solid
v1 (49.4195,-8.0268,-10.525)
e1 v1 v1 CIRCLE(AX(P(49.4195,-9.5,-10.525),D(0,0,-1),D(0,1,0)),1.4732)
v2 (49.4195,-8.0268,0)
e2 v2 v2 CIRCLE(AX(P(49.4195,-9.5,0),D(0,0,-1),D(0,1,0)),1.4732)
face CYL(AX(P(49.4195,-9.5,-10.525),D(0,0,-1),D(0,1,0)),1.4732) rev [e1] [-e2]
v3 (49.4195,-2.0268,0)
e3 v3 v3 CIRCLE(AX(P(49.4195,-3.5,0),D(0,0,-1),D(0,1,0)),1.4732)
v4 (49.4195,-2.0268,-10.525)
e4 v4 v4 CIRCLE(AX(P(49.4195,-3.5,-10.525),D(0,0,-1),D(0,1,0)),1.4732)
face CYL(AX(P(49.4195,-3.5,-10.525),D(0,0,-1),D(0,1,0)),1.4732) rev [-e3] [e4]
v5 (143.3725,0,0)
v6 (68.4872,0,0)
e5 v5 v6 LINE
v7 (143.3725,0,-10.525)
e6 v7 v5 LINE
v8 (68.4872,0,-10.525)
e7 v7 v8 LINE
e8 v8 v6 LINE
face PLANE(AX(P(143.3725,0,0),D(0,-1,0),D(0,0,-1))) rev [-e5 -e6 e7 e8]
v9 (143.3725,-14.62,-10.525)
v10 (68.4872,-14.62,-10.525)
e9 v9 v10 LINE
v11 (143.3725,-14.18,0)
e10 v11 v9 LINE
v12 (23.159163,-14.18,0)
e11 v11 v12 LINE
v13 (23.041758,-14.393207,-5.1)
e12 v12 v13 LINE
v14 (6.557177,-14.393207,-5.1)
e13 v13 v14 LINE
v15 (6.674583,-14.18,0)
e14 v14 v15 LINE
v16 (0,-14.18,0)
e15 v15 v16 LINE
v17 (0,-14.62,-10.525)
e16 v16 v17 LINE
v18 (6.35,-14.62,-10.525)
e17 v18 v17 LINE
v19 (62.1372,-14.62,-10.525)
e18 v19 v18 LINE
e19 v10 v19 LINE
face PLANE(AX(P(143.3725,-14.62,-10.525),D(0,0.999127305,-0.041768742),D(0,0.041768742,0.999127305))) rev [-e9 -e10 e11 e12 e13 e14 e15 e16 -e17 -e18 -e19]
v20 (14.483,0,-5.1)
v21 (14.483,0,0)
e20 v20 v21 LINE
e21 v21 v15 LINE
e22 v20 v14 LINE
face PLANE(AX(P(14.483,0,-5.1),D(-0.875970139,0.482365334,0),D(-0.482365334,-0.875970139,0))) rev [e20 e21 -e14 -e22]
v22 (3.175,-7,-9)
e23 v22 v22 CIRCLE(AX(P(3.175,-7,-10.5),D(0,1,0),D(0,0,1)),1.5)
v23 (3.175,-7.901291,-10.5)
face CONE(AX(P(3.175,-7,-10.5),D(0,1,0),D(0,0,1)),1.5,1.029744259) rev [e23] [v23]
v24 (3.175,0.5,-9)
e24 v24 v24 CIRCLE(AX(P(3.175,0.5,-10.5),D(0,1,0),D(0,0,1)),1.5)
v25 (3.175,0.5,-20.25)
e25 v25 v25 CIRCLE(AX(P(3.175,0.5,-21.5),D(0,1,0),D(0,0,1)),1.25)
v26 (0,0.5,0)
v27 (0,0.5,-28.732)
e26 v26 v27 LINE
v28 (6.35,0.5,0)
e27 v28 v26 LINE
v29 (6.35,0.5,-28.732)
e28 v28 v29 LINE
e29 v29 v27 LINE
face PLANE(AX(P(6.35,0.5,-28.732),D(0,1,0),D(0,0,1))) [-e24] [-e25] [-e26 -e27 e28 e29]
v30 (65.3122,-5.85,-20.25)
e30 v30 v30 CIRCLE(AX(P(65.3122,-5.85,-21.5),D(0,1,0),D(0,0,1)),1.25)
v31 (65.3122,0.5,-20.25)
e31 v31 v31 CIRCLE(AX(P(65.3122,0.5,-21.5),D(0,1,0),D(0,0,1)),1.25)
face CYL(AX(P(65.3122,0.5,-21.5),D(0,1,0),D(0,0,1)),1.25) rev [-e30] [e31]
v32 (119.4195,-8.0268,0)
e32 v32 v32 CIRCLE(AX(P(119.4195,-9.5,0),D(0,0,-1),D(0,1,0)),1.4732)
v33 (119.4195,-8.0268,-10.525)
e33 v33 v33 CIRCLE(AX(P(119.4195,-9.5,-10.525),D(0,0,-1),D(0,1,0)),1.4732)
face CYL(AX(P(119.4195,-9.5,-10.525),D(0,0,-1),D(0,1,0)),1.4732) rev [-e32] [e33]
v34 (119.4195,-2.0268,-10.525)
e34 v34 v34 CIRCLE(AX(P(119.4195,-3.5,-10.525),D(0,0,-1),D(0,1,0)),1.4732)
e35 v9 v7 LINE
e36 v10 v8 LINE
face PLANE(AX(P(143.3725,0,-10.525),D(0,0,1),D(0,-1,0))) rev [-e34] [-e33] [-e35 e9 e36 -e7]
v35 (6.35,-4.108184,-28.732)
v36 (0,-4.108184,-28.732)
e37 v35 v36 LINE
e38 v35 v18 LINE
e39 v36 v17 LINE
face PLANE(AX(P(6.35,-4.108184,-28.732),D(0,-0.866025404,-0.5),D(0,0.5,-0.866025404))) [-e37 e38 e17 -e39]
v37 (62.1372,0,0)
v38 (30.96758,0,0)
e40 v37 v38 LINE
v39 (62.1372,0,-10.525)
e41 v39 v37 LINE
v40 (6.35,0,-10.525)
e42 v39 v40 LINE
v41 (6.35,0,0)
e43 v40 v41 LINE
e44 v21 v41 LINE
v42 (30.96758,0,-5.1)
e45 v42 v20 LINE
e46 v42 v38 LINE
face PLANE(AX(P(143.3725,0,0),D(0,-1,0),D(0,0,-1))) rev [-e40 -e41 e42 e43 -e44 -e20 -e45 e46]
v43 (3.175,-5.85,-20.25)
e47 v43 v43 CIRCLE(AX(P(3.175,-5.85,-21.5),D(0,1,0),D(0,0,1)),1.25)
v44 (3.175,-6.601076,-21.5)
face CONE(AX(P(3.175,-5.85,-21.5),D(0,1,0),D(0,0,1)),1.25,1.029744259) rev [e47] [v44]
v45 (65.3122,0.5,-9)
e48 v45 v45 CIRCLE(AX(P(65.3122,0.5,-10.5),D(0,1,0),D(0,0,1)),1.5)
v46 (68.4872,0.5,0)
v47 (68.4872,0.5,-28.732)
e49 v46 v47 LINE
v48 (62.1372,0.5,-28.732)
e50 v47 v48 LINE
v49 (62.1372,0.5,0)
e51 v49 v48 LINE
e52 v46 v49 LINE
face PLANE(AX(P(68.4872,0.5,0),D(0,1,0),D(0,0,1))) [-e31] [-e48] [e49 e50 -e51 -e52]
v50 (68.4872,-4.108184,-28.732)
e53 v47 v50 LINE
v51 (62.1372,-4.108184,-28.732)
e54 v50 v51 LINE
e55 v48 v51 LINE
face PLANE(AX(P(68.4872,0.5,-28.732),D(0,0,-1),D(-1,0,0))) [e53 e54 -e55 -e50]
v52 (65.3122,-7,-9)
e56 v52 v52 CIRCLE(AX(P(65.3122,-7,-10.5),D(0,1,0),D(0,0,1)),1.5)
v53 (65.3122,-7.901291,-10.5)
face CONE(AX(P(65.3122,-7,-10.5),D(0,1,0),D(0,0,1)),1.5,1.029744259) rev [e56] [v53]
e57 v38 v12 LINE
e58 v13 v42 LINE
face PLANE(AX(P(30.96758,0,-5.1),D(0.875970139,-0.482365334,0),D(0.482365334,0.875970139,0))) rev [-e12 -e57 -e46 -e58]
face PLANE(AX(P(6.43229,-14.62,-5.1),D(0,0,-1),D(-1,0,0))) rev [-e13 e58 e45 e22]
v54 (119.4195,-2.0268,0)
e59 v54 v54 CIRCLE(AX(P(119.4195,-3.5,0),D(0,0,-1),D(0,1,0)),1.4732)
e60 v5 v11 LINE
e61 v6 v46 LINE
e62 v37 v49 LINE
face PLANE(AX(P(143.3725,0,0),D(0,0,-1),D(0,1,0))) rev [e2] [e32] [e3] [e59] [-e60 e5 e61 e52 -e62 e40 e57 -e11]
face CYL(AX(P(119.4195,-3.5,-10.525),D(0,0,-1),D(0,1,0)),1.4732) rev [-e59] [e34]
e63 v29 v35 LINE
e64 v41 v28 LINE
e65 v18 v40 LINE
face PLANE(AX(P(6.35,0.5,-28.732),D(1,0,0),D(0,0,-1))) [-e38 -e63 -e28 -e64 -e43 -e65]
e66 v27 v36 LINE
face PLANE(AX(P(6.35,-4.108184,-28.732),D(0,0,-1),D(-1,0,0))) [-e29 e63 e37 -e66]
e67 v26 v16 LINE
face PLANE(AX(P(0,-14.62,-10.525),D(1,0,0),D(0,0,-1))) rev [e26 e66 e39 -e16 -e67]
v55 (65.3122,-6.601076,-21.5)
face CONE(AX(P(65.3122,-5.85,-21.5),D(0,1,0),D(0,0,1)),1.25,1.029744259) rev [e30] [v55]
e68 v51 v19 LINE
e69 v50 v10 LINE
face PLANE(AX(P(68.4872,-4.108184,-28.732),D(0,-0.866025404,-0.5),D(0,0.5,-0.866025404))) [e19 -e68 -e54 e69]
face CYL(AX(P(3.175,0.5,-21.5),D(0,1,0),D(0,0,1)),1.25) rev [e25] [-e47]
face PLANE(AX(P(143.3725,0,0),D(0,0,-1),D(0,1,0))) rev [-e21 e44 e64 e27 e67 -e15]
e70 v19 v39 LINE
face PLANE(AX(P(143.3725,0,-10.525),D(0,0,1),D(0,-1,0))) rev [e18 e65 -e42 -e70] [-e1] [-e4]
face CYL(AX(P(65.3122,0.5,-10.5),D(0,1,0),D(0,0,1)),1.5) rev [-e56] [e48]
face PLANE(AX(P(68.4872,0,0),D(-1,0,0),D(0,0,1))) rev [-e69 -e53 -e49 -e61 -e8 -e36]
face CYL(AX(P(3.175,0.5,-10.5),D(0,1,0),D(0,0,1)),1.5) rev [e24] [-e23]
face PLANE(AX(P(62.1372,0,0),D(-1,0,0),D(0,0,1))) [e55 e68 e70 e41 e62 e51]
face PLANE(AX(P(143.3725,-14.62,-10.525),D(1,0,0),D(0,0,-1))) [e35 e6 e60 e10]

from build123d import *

# Parameters (mm, degrees)
EXTRUDE2_DEPTH                 = 143.3725
BOSS_EXTRUDE4_DEPTH            = 6.35
BOSS_EXTRUDE5_DEPTH            = 6.35
M3X0_5_TAPPED_HOLE1_D          = 3
M3X0_5_TAPPED_HOLE1_DEPTH      = 7.5
M3X0_5_TAPPED_HOLE1_TIP        = 0.901290929
F_2_5_2_5_DIAMETER_HOLE1_D     = 2.5
F_2_5_2_5_DIAMETER_HOLE1_DEPTH = 6.35
F_2_5_2_5_DIAMETER_HOLE1_TIP   = 0.751075774
CUT_EXTRUDE1_DEPTH             = 5.1
F_4_CLEARANCE_HOLE1_D          = 2.9464


with BuildPart() as part:
    # Sketch73 → Extrude2 (new body)
    with BuildSketch(Plane(origin=(0, 0, 0), x_dir=(0, 0, -1), z_dir=(1, 0, 0))):
        Polygon((0, 0), (10.525, 0), (10.525, -14.62), (0, -14.18), align=None)
    extrude(amount=EXTRUDE2_DEPTH)

    # Sketch113 → Boss-Extrude4 (add)
    with BuildSketch(Plane.ZY):
        Polygon((-28.732, 0.5), (0, 0.5), (0, -14.18), (-10.525, -14.62), (-28.732, -4.108183649), align=None)
    extrude(amount=-BOSS_EXTRUDE4_DEPTH)

    # Sketch114 → Boss-Extrude5 (add)
    with BuildSketch(Plane.ZY.offset(-62.1372)):
        Polygon((-10.525, -14.62), (-10.525, 0), (0, 0), (0, 0.5), (-28.732, 0.5), (-28.732, -4.108183649), align=None)
    extrude(amount=-BOSS_EXTRUDE5_DEPTH)

    # M3x0.5 Tapped Hole1
    with Locations(Plane(origin=(-41.488675912, 0.5, -11.380370452), x_dir=(-1, 0, 0), z_dir=(0, 1, 0))):
        with Locations((-106.800875912, 0.880370452), (-44.663675912, 0.880370452)):
            Hole(M3X0_5_TAPPED_HOLE1_D / 2, depth=M3X0_5_TAPPED_HOLE1_DEPTH)
            with Locations((0, 0, -(M3X0_5_TAPPED_HOLE1_DEPTH + M3X0_5_TAPPED_HOLE1_TIP / 2))):  # 118° drill point
                Cone(0, M3X0_5_TAPPED_HOLE1_D / 2, M3X0_5_TAPPED_HOLE1_TIP, mode=Mode.SUBTRACT)

    # 2.5 _2.5_ Diameter Hole1
    with Locations(Plane(origin=(0, 0.5, 0), x_dir=(-1, 0, 0), z_dir=(0, 1, 0))):
        with Locations((-3.175, -21.5), (-65.3122, -21.5)):
            Hole(F_2_5_2_5_DIAMETER_HOLE1_D / 2, depth=F_2_5_2_5_DIAMETER_HOLE1_DEPTH)
            with Locations((0, 0, -(F_2_5_2_5_DIAMETER_HOLE1_DEPTH + F_2_5_2_5_DIAMETER_HOLE1_TIP / 2))):  # 118° drill point
                Cone(0, F_2_5_2_5_DIAMETER_HOLE1_D / 2, F_2_5_2_5_DIAMETER_HOLE1_TIP, mode=Mode.SUBTRACT)

    # Sketch117 → Cut-Extrude1 (cut)
    with BuildSketch(Plane.XY):
        Polygon((30.967580189, 0), (14.483, 0), (6.432290426, -14.62), (22.916870615, -14.62), align=None)
    extrude(amount=-CUT_EXTRUDE1_DEPTH, mode=Mode.SUBTRACT)

    # 4 Clearance Hole1 (through all)
    with Locations(Plane(origin=(0, 0, -10.525), x_dir=(-1, 0, 0), z_dir=(0, 0, -1))):
        with Locations((-119.4195, -3.5), (-119.4195, -9.5), (-49.4195, -3.5), (-49.4195, -9.5)):
            Hole(F_4_CLEARANCE_HOLE1_D / 2)


solid = part.part
